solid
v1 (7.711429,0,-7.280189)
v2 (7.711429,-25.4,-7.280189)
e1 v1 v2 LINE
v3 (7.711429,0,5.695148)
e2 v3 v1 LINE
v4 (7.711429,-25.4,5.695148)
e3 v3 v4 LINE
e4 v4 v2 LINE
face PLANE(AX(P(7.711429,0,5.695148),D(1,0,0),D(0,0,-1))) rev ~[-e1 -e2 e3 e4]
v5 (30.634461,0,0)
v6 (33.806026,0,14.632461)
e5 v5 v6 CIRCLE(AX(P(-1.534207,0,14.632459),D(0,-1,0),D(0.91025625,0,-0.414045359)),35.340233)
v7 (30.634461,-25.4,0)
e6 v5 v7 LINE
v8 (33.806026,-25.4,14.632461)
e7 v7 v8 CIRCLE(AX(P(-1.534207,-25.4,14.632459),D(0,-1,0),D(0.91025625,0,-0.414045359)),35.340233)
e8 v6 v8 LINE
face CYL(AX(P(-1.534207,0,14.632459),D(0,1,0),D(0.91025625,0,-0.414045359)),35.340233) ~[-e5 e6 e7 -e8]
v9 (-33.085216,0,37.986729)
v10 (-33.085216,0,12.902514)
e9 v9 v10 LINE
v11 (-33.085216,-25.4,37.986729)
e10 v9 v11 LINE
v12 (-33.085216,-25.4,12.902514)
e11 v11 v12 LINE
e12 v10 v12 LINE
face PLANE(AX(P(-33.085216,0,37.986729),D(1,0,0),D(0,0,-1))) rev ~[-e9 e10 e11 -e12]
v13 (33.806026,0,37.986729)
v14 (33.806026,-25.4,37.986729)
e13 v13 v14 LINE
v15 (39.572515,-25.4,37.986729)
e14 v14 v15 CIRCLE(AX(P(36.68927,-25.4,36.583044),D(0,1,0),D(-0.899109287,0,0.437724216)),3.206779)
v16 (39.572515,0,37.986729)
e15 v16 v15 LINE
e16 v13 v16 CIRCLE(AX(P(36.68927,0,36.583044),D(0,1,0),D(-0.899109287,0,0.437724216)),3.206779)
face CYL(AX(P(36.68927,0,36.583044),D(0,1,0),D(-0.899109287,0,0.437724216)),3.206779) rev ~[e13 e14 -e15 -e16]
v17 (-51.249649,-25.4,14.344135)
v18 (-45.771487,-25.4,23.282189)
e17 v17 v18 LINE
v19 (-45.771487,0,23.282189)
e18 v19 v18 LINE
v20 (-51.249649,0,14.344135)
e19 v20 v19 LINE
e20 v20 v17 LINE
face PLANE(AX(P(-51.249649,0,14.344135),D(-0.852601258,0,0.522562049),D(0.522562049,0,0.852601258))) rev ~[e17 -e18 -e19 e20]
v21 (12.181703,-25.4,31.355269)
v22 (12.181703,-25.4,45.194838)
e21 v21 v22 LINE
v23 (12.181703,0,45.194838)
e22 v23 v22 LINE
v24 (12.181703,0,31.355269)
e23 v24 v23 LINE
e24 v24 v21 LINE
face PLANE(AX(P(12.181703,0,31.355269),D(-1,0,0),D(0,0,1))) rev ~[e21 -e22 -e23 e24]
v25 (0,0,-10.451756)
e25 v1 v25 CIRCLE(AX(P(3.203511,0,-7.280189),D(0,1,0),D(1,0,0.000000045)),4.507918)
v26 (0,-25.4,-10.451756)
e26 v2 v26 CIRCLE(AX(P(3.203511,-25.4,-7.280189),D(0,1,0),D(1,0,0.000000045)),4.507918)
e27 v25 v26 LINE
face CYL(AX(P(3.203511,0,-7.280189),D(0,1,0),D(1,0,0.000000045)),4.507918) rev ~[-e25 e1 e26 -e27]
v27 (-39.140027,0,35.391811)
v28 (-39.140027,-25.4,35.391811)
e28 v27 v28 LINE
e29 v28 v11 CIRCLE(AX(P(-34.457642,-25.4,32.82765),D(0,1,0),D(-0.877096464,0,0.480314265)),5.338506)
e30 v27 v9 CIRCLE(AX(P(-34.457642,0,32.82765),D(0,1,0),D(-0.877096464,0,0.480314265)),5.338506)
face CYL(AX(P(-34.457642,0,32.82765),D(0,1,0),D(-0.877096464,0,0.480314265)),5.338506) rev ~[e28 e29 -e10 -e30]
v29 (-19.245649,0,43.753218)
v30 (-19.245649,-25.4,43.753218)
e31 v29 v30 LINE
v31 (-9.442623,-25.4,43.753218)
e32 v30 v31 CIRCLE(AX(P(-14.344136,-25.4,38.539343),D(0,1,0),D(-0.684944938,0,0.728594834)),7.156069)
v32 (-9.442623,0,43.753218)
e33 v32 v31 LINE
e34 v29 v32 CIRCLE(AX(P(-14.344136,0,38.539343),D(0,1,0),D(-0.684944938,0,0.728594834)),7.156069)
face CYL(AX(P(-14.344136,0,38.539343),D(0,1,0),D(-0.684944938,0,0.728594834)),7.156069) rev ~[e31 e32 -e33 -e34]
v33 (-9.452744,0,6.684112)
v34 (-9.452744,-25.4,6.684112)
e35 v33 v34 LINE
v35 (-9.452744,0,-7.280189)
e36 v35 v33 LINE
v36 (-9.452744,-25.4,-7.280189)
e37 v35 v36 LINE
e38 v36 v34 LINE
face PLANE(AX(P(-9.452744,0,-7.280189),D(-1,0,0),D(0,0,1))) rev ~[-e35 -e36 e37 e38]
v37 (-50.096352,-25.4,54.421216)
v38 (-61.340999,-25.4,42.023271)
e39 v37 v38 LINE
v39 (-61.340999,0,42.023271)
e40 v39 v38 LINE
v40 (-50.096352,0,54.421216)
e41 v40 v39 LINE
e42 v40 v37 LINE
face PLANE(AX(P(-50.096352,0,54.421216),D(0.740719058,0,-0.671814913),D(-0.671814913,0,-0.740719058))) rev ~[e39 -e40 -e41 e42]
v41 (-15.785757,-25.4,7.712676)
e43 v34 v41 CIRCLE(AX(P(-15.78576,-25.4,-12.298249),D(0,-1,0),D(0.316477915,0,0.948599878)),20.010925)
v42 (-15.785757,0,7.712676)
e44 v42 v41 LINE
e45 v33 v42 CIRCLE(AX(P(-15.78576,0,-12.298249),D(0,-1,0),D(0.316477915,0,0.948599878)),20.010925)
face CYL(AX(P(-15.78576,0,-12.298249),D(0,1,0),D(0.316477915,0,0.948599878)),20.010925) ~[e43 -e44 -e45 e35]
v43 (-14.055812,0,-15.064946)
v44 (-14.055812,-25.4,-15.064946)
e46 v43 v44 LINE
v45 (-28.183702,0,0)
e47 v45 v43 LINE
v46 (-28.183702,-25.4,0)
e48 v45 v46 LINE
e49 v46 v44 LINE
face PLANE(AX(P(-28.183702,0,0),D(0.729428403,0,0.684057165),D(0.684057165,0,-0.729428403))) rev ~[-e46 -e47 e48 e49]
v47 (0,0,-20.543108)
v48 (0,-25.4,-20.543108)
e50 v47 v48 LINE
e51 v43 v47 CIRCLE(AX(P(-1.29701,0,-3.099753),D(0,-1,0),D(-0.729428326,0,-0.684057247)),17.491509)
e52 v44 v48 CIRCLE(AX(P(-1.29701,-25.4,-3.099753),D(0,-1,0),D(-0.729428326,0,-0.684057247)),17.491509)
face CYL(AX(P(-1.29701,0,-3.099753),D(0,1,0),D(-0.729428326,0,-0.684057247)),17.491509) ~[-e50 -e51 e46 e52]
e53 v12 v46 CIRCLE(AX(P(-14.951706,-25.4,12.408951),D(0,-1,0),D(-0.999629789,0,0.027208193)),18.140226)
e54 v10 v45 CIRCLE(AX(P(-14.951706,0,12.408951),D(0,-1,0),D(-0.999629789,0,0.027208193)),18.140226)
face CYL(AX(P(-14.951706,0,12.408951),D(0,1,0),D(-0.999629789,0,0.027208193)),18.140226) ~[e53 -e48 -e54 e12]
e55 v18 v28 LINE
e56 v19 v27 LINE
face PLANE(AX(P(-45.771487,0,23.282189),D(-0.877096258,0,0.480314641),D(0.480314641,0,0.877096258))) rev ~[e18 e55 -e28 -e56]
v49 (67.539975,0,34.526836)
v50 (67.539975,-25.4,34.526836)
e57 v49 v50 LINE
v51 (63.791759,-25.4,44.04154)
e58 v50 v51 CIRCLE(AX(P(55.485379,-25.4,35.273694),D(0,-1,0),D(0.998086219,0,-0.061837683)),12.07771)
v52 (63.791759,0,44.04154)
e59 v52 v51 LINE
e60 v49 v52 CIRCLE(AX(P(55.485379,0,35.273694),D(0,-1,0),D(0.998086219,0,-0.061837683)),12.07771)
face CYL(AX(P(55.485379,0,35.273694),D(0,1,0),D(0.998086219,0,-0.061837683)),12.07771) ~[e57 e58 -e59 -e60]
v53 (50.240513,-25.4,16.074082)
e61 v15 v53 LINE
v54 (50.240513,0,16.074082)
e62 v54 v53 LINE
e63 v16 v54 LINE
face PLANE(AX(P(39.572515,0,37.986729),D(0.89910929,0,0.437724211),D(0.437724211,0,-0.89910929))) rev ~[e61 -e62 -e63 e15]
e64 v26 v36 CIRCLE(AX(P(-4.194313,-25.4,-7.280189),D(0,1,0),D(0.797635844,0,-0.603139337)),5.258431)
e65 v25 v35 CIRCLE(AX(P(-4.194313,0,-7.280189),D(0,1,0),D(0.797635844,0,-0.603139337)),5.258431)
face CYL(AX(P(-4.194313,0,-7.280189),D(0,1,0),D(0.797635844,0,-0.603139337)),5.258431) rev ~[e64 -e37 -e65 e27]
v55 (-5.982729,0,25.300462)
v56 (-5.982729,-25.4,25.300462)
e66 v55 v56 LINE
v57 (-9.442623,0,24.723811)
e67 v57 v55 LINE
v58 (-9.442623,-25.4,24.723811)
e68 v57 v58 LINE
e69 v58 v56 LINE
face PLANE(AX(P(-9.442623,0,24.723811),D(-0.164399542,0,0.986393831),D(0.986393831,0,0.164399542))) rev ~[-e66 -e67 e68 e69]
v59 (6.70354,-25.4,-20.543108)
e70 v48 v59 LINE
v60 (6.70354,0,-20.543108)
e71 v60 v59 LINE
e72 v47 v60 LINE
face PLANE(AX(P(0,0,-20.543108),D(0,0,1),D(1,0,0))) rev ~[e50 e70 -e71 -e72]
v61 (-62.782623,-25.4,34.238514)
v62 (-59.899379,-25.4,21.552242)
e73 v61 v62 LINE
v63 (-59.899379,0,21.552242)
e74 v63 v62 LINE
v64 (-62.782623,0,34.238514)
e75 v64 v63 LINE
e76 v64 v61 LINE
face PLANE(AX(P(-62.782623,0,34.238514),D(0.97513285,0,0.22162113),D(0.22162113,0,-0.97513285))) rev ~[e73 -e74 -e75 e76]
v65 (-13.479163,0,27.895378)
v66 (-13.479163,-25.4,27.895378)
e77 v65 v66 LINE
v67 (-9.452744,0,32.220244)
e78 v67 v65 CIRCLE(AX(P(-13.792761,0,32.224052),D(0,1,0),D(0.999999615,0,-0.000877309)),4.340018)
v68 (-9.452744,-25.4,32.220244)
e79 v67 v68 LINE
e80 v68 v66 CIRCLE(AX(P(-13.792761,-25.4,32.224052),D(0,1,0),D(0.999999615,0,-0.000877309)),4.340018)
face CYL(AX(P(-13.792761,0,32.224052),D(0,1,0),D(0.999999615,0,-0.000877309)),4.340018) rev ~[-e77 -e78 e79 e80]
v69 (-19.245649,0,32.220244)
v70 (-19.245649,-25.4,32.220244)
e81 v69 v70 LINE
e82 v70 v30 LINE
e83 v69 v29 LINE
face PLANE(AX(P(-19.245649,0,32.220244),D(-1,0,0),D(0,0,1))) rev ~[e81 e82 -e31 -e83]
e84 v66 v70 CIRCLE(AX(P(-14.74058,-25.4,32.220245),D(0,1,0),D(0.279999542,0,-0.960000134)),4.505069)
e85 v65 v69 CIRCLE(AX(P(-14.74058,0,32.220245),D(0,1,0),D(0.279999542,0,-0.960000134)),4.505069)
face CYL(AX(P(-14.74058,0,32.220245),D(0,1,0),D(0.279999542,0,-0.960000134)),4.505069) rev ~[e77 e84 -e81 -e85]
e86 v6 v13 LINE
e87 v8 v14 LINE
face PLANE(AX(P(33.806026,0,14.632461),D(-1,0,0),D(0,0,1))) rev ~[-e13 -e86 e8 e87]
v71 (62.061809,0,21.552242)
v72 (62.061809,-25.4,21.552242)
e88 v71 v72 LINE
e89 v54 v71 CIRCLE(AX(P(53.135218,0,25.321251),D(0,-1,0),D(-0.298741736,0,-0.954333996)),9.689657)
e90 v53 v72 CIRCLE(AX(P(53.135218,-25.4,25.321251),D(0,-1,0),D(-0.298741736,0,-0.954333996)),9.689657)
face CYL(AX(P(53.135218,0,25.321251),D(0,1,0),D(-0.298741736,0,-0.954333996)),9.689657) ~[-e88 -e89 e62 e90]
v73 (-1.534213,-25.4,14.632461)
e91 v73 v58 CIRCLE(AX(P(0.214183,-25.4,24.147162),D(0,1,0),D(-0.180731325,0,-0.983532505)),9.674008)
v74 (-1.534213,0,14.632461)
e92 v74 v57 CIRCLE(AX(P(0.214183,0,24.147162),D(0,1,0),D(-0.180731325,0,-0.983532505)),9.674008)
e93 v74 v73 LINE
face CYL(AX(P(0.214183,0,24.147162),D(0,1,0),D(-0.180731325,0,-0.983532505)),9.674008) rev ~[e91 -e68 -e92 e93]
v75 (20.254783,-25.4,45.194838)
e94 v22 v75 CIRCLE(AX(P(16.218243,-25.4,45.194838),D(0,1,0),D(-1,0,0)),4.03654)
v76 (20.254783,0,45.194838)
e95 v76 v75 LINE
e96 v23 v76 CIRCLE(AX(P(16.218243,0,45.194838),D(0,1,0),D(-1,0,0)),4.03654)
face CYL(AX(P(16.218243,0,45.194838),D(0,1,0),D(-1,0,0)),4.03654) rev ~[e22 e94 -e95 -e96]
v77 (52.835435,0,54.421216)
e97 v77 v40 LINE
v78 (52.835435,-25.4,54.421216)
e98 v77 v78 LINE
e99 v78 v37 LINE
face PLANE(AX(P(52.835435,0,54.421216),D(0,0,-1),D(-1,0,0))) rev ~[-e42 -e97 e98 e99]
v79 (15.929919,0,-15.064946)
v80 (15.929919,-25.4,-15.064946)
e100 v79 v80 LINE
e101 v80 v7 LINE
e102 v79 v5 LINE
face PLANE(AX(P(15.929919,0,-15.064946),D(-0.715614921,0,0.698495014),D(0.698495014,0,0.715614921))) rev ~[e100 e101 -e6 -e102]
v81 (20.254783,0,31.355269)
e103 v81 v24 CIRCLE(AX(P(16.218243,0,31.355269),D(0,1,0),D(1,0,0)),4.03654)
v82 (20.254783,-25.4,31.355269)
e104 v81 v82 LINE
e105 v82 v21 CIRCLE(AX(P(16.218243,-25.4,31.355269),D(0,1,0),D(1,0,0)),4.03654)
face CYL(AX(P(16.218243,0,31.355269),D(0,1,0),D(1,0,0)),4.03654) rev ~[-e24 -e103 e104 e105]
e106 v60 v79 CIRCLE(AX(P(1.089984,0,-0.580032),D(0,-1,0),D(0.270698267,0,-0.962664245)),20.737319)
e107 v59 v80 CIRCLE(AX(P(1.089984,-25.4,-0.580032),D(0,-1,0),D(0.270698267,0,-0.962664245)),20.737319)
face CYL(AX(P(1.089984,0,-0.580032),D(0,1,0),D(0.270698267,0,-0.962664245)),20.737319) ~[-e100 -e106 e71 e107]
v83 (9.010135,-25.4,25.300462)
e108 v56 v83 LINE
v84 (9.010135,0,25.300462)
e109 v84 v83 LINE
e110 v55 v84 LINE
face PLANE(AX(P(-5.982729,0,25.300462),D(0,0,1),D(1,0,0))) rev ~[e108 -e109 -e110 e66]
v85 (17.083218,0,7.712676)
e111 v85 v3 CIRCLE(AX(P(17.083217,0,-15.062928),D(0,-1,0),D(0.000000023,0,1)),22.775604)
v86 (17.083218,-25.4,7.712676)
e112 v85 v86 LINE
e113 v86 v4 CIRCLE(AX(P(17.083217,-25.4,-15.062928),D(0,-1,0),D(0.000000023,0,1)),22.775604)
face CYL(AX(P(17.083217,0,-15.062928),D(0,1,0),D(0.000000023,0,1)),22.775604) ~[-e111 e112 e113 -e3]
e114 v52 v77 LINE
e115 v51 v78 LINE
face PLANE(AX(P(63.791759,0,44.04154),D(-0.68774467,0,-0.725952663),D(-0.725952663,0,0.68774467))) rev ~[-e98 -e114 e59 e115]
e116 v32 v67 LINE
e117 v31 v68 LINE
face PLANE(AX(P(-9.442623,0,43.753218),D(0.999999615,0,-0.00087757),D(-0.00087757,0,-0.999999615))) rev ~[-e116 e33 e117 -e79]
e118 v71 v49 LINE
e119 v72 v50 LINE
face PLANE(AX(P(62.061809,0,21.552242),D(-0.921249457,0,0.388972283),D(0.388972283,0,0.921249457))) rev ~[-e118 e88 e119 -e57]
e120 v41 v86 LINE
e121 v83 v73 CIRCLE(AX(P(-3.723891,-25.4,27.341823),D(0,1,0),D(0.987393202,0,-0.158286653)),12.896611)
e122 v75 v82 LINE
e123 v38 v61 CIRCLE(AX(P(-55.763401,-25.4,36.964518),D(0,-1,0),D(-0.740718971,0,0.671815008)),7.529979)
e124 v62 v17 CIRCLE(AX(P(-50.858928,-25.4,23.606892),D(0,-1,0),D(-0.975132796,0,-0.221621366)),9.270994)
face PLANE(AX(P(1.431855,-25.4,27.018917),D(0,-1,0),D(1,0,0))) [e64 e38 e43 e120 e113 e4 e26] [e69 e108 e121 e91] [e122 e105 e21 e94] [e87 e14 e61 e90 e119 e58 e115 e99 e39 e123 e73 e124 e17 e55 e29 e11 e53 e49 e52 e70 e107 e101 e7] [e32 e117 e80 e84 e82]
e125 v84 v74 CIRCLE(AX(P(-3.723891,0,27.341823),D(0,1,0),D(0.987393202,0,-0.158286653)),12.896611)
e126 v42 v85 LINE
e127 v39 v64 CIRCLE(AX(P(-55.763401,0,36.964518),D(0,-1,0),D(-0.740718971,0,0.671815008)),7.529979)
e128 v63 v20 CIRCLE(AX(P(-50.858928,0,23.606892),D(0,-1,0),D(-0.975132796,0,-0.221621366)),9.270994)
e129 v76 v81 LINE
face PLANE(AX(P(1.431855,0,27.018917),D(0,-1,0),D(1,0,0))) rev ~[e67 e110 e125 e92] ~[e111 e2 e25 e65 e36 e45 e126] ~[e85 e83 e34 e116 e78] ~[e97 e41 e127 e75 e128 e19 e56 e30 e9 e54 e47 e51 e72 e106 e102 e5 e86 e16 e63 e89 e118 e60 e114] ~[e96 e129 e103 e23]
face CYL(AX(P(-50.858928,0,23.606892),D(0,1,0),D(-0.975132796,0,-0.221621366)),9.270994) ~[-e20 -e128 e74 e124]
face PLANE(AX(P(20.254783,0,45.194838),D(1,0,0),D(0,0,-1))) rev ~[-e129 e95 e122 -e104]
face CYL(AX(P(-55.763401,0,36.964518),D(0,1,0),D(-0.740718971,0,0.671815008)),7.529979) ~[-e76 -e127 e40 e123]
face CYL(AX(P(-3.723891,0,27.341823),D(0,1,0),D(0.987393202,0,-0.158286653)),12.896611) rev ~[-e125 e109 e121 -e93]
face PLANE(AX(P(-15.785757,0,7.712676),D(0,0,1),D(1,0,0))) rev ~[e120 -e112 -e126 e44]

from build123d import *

# Parameters (mm, degrees)
F1_DEPTH = 25.4


with BuildPart() as f1:
    # F0 (on Front) → F1 (new body)
    with BuildSketch(Plane.XZ):
        with BuildLine():
            ThreePointArc((-39.140027, 35.391811), (-36.560582, 37.734512), (-33.085216, 37.986729))
            Line((-33.085216, 37.986729), (-33.085216, 12.902514))
            ThreePointArc((-33.085216, 12.902514), (-31.90952, 5.966876), (-28.183702, 0))
            Line((-28.183702, 0), (-14.055812, -15.064946))
            ThreePointArc((-14.055812, -15.064946), (-7.648839, -19.397211), (0, -20.543108))
            Line((0, -20.543108), (6.70354, -20.543108))
            ThreePointArc((6.70354, -20.543108), (11.677188, -18.411115), (15.929919, -15.064946))
            Line((15.929919, -15.064946), (30.634461, 0))
            ThreePointArc((30.634461, 0), (33.004035, 7.146345), (33.806026, 14.632461))
            Line((33.806026, 14.632461), (33.806026, 37.986729))
            ThreePointArc((33.806026, 37.986729), (36.68927, 39.789823), (39.572515, 37.986729))
            Line((39.572515, 37.986729), (50.240513, 16.074082))
            ThreePointArc((50.240513, 16.074082), (57.20934, 16.529722), (62.061809, 21.552242))
            Line((62.061809, 21.552242), (67.539975, 34.526836))
            ThreePointArc((67.539975, 34.526836), (66.722582, 39.70047), (63.791759, 44.04154))
            Line((63.791759, 44.04154), (52.835435, 54.421216))
            Line((52.835435, 54.421216), (25.156297, 54.421216))
            Line((25.156297, 54.421216), (22.849701, 54.421216))
            Line((22.849701, 54.421216), (5.261919, 54.421216))
            Line((5.261919, 54.421216), (-50.096352, 54.421216))
            Line((-50.096352, 54.421216), (-61.340999, 42.023271))
            ThreePointArc((-61.340999, 42.023271), (-63.167493, 38.335649), (-62.782623, 34.238514))
            Line((-62.782623, 34.238514), (-59.899379, 21.552242))
            ThreePointArc((-59.899379, 21.552242), (-56.794074, 16.484717), (-51.249649, 14.344135))
            Line((-51.249649, 14.344135), (-45.771487, 23.282189))
            Line((-45.771487, 23.282189), (-39.140027, 35.391811))
        make_face()
        with BuildLine():
            Line((-15.785757, 7.712676), (-9.452744, 7.712676))
            Line((-9.452744, 7.712676), (17.083218, 7.712676))
            ThreePointArc((17.083218, 7.712676), (12.289972, 7.202582), (7.711429, 5.695148))
            Line((7.711429, 5.695148), (7.711429, -7.280189))
            ThreePointArc((7.711429, -7.280189), (4.918177, -11.449271), (0, -10.451756))
            ThreePointArc((0, -10.451756), (-5.866974, -12.265498), (-9.452744, -7.280189))
            Line((-9.452744, -7.280189), (-9.452744, 6.684112))
            ThreePointArc((-9.452744, 6.684112), (-12.577759, 7.453861), (-15.785757, 7.712676))
        make_face(mode=Mode.SUBTRACT)
        with BuildLine():
            Line((-9.442623, 24.723811), (-5.982729, 25.300462))
            Line((-5.982729, 25.300462), (9.010135, 25.300462))
            ThreePointArc((9.010135, 25.300462), (5.448393, 18.275855), (-1.534213, 14.632461))
            ThreePointArc((-1.534213, 14.632461), (-7.400178, 18.179924), (-9.442623, 24.723811))
        make_face(mode=Mode.SUBTRACT)
        with BuildLine():
            Line((-19.245649, 32.220244), (-19.245649, 43.753218))
            ThreePointArc((-19.245649, 43.753218), (-14.344136, 45.695412), (-9.442623, 43.753218))
            Line((-9.442623, 43.753218), (-9.452744, 32.220244))
            ThreePointArc((-9.452744, 32.220244), (-10.616261, 29.266754), (-13.479163, 27.895378))
            ThreePointArc((-13.479163, 27.895378), (-17.443622, 28.61619), (-19.245649, 32.220244))
        make_face(mode=Mode.SUBTRACT)
        with BuildLine():
            Line((12.181703, 31.355269), (12.181703, 45.194838))
            ThreePointArc((12.181703, 45.194838), (16.218243, 49.231378), (20.254783, 45.194838))
            Line((20.254783, 45.194838), (20.254783, 31.355269))
            ThreePointArc((20.254783, 31.355269), (16.218243, 27.318729), (12.181703, 31.355269))
        make_face(mode=Mode.SUBTRACT)
    extrude(amount=F1_DEPTH)


solid = f1.part
